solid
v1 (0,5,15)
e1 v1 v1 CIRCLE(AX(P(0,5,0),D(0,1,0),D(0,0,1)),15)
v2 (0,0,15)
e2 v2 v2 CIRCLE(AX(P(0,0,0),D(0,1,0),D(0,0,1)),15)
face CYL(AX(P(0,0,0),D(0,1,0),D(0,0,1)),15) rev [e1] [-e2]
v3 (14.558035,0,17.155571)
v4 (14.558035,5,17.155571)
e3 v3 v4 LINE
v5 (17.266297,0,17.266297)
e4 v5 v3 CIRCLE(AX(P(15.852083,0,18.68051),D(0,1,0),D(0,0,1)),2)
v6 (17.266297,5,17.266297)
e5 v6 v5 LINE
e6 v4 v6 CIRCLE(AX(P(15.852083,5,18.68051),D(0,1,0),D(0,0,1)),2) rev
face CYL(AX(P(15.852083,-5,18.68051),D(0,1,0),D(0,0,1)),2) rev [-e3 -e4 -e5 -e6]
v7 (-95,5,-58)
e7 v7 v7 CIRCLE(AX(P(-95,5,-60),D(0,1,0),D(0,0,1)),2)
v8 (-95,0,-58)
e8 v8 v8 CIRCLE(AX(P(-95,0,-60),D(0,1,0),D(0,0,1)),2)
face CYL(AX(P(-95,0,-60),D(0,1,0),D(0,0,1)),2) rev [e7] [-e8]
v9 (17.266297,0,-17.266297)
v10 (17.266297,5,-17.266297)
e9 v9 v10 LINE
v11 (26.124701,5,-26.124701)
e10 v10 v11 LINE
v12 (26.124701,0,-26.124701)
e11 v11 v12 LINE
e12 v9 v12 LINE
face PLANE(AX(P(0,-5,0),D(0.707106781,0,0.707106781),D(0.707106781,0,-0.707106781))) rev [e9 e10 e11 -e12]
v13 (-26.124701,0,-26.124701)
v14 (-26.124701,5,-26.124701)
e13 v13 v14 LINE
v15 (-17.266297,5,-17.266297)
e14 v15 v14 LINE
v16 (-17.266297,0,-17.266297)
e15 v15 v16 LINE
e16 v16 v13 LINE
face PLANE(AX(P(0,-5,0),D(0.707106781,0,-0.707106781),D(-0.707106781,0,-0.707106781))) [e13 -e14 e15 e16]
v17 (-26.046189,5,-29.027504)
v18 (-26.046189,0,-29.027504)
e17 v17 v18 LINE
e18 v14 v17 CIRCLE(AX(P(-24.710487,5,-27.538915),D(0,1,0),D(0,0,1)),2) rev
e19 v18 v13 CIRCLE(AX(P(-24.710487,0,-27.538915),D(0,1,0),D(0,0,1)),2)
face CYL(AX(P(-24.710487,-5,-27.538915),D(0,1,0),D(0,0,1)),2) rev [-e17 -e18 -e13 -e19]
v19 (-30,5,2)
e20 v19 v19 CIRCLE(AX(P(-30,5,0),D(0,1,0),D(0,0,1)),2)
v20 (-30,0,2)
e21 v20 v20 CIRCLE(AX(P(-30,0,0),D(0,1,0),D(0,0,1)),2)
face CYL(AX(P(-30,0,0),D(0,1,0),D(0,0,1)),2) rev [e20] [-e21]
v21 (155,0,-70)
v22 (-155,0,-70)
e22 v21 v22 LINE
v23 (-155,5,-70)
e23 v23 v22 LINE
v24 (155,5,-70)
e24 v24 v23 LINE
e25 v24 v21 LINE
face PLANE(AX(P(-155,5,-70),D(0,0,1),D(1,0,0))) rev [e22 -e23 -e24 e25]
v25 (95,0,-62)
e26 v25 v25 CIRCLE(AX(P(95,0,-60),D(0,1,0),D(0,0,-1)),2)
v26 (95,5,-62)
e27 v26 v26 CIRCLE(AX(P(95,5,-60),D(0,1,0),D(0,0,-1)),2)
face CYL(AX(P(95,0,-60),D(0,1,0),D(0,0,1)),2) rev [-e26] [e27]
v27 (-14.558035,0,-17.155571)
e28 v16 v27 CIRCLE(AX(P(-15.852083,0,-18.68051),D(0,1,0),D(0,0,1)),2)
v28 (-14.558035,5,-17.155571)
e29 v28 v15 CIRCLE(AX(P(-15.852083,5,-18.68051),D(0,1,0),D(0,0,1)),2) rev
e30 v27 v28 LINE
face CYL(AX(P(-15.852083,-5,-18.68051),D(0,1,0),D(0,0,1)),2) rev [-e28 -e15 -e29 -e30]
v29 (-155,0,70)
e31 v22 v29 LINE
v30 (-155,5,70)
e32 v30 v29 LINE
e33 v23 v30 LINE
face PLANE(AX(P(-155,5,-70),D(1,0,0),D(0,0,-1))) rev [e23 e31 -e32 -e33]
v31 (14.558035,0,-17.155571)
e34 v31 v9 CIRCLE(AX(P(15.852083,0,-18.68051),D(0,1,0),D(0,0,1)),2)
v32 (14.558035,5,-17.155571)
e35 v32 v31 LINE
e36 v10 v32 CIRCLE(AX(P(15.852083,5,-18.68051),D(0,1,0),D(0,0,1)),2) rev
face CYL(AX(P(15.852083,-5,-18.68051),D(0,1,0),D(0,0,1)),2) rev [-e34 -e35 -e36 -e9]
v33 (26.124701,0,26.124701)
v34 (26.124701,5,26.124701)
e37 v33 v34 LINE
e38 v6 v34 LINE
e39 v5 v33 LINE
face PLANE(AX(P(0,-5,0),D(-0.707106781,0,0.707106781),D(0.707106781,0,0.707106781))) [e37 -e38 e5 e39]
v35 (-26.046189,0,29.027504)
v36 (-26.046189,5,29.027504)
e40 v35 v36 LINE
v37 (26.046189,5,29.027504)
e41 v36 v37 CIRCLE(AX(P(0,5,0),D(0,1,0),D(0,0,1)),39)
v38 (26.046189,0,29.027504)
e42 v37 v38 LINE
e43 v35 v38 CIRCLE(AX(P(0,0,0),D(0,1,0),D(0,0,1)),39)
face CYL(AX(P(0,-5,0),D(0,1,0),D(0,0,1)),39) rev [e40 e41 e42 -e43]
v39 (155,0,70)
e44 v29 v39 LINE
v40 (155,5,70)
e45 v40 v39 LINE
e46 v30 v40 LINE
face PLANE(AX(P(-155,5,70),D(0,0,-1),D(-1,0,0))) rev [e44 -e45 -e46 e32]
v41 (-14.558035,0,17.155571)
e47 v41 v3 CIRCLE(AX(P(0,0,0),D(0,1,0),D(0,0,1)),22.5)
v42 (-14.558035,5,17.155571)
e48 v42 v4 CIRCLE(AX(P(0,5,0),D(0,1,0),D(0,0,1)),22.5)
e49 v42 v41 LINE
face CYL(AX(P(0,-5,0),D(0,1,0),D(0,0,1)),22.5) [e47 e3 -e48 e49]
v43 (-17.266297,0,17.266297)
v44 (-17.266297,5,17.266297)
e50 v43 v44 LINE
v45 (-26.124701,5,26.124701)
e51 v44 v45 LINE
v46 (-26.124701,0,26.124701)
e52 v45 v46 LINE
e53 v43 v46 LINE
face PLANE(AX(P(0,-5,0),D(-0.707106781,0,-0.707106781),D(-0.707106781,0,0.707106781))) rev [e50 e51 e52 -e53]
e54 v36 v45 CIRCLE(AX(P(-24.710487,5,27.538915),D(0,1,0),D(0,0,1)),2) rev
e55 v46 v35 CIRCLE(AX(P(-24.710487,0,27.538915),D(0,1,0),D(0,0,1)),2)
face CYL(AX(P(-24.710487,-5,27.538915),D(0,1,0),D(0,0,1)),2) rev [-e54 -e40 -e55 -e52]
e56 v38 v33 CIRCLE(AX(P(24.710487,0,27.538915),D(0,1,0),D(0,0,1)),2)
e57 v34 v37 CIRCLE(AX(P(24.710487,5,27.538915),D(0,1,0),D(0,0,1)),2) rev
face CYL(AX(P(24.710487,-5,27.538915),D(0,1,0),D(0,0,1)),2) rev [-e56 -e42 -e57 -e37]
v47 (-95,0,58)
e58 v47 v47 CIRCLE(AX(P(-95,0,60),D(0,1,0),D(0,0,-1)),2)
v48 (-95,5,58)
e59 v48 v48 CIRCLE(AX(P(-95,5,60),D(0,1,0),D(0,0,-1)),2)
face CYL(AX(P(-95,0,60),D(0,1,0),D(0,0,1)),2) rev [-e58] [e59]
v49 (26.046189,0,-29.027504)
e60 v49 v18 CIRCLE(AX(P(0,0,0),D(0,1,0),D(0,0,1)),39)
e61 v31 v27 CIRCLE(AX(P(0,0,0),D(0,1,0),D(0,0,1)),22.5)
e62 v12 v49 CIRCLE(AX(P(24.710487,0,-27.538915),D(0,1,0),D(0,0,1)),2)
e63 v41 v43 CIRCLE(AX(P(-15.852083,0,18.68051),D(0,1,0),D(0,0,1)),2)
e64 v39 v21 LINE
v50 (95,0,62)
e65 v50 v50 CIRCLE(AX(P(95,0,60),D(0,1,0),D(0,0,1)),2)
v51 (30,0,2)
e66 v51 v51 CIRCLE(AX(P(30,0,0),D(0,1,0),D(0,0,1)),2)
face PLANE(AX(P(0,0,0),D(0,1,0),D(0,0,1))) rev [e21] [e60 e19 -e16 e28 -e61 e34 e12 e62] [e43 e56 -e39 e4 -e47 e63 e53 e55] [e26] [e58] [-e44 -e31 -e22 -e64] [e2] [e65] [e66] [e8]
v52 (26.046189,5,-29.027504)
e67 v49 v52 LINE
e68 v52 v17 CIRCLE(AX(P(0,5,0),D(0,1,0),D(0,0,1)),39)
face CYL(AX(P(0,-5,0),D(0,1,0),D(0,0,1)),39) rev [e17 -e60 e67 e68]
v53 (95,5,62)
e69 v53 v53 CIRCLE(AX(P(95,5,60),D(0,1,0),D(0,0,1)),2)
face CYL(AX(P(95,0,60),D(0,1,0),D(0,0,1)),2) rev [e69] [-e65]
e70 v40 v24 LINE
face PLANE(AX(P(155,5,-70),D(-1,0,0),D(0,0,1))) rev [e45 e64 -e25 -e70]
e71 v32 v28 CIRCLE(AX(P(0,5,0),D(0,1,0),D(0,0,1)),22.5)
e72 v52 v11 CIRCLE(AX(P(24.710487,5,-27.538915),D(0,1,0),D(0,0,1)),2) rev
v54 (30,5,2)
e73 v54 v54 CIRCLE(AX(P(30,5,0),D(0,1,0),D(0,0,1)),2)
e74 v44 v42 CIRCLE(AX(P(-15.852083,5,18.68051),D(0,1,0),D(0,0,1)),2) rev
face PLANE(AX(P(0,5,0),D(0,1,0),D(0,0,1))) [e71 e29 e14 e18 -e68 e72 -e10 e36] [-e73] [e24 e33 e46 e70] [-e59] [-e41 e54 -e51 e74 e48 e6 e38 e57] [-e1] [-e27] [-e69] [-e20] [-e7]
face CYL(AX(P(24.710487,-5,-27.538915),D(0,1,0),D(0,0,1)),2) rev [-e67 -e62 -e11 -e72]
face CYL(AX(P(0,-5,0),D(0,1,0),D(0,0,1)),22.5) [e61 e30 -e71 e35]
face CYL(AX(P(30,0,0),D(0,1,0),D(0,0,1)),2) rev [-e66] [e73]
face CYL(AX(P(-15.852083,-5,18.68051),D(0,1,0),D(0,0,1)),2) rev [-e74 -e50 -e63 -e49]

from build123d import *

# Parameters (mm, degrees)
SKETCH2_W           = 310
SKETCH2_H           = 140
BOSS_EXTRUDE1_DEPTH = 5
SKETCH3_R           = 15
CUT_EXTRUDE1_DEPTH  = 6
SKETCH5_R           = 2
CUT_EXTRUDE2_DEPTH  = 6
CUT_EXTRUDE3_DEPTH  = 10
FILLET1_R           = 2
SKETCH7_R           = 2
CUT_EXTRUDE4_DEPTH  = 6


with BuildPart() as part:
    # Sketch2 → Boss-Extrude1 (new body)
    with BuildSketch(Plane(origin=(0, 0, 0), x_dir=(1, 0, 0), z_dir=(0, 1, 0))):
        Rectangle(SKETCH2_W, SKETCH2_H)
    extrude(amount=BOSS_EXTRUDE1_DEPTH)

    # Sketch3 → Cut-Extrude1 (cut, through all)
    with BuildSketch(Plane(origin=(0, 5, 0), x_dir=(1, 0, 0), z_dir=(0, 1, 0))):
        Circle(SKETCH3_R)
    extrude(amount=-CUT_EXTRUDE1_DEPTH, mode=Mode.SUBTRACT)

    # Sketch5 → Cut-Extrude2 (cut, through all)
    with BuildSketch(Plane(origin=(0, 5, 0), x_dir=(1, 0, 0), z_dir=(0, 1, 0))):
        with Locations((-95, 60)):
            Circle(SKETCH5_R)
        with Locations((95, 60)):
            Circle(SKETCH5_R)
        with Locations((95, -60)):
            Circle(SKETCH5_R)
        with Locations((-95, -60)):
            Circle(SKETCH5_R)
    extrude(amount=-CUT_EXTRUDE2_DEPTH, mode=Mode.SUBTRACT)

    # Sketch6 → Cut-Extrude3 (cut)
    with BuildSketch(Plane(origin=(0, 5, 0), x_dir=(1, 0, 0), z_dir=(0, 1, 0))):
        with BuildLine():
            Line((27.577164466, -27.577164466), (15.909902577, -15.909902577))
            ThreePointArc((15.909902577, -15.909902577), (0, -22.5), (-15.909902577, -15.909902577))
            Line((-15.909902577, -15.909902577), (-27.577164466, -27.577164466))
            ThreePointArc((-27.577164466, -27.577164466), (0, -39), (27.577164466, -27.577164466))
        make_face()
        with BuildLine():
            ThreePointArc((-15.909902577, 15.909902577), (0, 22.5), (15.909902577, 15.909902577))
            Line((15.909902577, 15.909902577), (27.577164466, 27.577164466))
            ThreePointArc((27.577164466, 27.577164466), (0, 39), (-27.577164466, 27.577164466))
            Line((-27.577164466, 27.577164466), (-15.909902577, 15.909902577))
        make_face()
    extrude(amount=-CUT_EXTRUDE3_DEPTH, mode=Mode.SUBTRACT)

    # Fillet1
    fillet1_edges = [part.edges().sort_by_distance(p)[0] for p in [
        (-15.909902577, 2.5, 15.909902577),
        (15.909902577, 2.5, 15.909902577),
        (27.577164466, 2.5, 27.577164466),
        (-27.577164466, 2.5, 27.577164466),
        (15.909902577, 2.5, -15.909902577),
        (-15.909902577, 2.5, -15.909902577),
        (-27.577164466, 2.5, -27.577164466),
        (27.577164466, 2.5, -27.577164466),
    ]]
    fillet(fillet1_edges, radius=FILLET1_R)

    # Sketch7 → Cut-Extrude4 (cut, through all)
    with BuildSketch(Plane(origin=(0, 5, 0), x_dir=(1, 0, 0), z_dir=(0, 1, 0))):
        with Locations((-30, 0)):
            Circle(SKETCH7_R)
        with Locations((30, 0)):
            Circle(SKETCH7_R)
    extrude(amount=-CUT_EXTRUDE4_DEPTH, mode=Mode.SUBTRACT)


solid = part.part
